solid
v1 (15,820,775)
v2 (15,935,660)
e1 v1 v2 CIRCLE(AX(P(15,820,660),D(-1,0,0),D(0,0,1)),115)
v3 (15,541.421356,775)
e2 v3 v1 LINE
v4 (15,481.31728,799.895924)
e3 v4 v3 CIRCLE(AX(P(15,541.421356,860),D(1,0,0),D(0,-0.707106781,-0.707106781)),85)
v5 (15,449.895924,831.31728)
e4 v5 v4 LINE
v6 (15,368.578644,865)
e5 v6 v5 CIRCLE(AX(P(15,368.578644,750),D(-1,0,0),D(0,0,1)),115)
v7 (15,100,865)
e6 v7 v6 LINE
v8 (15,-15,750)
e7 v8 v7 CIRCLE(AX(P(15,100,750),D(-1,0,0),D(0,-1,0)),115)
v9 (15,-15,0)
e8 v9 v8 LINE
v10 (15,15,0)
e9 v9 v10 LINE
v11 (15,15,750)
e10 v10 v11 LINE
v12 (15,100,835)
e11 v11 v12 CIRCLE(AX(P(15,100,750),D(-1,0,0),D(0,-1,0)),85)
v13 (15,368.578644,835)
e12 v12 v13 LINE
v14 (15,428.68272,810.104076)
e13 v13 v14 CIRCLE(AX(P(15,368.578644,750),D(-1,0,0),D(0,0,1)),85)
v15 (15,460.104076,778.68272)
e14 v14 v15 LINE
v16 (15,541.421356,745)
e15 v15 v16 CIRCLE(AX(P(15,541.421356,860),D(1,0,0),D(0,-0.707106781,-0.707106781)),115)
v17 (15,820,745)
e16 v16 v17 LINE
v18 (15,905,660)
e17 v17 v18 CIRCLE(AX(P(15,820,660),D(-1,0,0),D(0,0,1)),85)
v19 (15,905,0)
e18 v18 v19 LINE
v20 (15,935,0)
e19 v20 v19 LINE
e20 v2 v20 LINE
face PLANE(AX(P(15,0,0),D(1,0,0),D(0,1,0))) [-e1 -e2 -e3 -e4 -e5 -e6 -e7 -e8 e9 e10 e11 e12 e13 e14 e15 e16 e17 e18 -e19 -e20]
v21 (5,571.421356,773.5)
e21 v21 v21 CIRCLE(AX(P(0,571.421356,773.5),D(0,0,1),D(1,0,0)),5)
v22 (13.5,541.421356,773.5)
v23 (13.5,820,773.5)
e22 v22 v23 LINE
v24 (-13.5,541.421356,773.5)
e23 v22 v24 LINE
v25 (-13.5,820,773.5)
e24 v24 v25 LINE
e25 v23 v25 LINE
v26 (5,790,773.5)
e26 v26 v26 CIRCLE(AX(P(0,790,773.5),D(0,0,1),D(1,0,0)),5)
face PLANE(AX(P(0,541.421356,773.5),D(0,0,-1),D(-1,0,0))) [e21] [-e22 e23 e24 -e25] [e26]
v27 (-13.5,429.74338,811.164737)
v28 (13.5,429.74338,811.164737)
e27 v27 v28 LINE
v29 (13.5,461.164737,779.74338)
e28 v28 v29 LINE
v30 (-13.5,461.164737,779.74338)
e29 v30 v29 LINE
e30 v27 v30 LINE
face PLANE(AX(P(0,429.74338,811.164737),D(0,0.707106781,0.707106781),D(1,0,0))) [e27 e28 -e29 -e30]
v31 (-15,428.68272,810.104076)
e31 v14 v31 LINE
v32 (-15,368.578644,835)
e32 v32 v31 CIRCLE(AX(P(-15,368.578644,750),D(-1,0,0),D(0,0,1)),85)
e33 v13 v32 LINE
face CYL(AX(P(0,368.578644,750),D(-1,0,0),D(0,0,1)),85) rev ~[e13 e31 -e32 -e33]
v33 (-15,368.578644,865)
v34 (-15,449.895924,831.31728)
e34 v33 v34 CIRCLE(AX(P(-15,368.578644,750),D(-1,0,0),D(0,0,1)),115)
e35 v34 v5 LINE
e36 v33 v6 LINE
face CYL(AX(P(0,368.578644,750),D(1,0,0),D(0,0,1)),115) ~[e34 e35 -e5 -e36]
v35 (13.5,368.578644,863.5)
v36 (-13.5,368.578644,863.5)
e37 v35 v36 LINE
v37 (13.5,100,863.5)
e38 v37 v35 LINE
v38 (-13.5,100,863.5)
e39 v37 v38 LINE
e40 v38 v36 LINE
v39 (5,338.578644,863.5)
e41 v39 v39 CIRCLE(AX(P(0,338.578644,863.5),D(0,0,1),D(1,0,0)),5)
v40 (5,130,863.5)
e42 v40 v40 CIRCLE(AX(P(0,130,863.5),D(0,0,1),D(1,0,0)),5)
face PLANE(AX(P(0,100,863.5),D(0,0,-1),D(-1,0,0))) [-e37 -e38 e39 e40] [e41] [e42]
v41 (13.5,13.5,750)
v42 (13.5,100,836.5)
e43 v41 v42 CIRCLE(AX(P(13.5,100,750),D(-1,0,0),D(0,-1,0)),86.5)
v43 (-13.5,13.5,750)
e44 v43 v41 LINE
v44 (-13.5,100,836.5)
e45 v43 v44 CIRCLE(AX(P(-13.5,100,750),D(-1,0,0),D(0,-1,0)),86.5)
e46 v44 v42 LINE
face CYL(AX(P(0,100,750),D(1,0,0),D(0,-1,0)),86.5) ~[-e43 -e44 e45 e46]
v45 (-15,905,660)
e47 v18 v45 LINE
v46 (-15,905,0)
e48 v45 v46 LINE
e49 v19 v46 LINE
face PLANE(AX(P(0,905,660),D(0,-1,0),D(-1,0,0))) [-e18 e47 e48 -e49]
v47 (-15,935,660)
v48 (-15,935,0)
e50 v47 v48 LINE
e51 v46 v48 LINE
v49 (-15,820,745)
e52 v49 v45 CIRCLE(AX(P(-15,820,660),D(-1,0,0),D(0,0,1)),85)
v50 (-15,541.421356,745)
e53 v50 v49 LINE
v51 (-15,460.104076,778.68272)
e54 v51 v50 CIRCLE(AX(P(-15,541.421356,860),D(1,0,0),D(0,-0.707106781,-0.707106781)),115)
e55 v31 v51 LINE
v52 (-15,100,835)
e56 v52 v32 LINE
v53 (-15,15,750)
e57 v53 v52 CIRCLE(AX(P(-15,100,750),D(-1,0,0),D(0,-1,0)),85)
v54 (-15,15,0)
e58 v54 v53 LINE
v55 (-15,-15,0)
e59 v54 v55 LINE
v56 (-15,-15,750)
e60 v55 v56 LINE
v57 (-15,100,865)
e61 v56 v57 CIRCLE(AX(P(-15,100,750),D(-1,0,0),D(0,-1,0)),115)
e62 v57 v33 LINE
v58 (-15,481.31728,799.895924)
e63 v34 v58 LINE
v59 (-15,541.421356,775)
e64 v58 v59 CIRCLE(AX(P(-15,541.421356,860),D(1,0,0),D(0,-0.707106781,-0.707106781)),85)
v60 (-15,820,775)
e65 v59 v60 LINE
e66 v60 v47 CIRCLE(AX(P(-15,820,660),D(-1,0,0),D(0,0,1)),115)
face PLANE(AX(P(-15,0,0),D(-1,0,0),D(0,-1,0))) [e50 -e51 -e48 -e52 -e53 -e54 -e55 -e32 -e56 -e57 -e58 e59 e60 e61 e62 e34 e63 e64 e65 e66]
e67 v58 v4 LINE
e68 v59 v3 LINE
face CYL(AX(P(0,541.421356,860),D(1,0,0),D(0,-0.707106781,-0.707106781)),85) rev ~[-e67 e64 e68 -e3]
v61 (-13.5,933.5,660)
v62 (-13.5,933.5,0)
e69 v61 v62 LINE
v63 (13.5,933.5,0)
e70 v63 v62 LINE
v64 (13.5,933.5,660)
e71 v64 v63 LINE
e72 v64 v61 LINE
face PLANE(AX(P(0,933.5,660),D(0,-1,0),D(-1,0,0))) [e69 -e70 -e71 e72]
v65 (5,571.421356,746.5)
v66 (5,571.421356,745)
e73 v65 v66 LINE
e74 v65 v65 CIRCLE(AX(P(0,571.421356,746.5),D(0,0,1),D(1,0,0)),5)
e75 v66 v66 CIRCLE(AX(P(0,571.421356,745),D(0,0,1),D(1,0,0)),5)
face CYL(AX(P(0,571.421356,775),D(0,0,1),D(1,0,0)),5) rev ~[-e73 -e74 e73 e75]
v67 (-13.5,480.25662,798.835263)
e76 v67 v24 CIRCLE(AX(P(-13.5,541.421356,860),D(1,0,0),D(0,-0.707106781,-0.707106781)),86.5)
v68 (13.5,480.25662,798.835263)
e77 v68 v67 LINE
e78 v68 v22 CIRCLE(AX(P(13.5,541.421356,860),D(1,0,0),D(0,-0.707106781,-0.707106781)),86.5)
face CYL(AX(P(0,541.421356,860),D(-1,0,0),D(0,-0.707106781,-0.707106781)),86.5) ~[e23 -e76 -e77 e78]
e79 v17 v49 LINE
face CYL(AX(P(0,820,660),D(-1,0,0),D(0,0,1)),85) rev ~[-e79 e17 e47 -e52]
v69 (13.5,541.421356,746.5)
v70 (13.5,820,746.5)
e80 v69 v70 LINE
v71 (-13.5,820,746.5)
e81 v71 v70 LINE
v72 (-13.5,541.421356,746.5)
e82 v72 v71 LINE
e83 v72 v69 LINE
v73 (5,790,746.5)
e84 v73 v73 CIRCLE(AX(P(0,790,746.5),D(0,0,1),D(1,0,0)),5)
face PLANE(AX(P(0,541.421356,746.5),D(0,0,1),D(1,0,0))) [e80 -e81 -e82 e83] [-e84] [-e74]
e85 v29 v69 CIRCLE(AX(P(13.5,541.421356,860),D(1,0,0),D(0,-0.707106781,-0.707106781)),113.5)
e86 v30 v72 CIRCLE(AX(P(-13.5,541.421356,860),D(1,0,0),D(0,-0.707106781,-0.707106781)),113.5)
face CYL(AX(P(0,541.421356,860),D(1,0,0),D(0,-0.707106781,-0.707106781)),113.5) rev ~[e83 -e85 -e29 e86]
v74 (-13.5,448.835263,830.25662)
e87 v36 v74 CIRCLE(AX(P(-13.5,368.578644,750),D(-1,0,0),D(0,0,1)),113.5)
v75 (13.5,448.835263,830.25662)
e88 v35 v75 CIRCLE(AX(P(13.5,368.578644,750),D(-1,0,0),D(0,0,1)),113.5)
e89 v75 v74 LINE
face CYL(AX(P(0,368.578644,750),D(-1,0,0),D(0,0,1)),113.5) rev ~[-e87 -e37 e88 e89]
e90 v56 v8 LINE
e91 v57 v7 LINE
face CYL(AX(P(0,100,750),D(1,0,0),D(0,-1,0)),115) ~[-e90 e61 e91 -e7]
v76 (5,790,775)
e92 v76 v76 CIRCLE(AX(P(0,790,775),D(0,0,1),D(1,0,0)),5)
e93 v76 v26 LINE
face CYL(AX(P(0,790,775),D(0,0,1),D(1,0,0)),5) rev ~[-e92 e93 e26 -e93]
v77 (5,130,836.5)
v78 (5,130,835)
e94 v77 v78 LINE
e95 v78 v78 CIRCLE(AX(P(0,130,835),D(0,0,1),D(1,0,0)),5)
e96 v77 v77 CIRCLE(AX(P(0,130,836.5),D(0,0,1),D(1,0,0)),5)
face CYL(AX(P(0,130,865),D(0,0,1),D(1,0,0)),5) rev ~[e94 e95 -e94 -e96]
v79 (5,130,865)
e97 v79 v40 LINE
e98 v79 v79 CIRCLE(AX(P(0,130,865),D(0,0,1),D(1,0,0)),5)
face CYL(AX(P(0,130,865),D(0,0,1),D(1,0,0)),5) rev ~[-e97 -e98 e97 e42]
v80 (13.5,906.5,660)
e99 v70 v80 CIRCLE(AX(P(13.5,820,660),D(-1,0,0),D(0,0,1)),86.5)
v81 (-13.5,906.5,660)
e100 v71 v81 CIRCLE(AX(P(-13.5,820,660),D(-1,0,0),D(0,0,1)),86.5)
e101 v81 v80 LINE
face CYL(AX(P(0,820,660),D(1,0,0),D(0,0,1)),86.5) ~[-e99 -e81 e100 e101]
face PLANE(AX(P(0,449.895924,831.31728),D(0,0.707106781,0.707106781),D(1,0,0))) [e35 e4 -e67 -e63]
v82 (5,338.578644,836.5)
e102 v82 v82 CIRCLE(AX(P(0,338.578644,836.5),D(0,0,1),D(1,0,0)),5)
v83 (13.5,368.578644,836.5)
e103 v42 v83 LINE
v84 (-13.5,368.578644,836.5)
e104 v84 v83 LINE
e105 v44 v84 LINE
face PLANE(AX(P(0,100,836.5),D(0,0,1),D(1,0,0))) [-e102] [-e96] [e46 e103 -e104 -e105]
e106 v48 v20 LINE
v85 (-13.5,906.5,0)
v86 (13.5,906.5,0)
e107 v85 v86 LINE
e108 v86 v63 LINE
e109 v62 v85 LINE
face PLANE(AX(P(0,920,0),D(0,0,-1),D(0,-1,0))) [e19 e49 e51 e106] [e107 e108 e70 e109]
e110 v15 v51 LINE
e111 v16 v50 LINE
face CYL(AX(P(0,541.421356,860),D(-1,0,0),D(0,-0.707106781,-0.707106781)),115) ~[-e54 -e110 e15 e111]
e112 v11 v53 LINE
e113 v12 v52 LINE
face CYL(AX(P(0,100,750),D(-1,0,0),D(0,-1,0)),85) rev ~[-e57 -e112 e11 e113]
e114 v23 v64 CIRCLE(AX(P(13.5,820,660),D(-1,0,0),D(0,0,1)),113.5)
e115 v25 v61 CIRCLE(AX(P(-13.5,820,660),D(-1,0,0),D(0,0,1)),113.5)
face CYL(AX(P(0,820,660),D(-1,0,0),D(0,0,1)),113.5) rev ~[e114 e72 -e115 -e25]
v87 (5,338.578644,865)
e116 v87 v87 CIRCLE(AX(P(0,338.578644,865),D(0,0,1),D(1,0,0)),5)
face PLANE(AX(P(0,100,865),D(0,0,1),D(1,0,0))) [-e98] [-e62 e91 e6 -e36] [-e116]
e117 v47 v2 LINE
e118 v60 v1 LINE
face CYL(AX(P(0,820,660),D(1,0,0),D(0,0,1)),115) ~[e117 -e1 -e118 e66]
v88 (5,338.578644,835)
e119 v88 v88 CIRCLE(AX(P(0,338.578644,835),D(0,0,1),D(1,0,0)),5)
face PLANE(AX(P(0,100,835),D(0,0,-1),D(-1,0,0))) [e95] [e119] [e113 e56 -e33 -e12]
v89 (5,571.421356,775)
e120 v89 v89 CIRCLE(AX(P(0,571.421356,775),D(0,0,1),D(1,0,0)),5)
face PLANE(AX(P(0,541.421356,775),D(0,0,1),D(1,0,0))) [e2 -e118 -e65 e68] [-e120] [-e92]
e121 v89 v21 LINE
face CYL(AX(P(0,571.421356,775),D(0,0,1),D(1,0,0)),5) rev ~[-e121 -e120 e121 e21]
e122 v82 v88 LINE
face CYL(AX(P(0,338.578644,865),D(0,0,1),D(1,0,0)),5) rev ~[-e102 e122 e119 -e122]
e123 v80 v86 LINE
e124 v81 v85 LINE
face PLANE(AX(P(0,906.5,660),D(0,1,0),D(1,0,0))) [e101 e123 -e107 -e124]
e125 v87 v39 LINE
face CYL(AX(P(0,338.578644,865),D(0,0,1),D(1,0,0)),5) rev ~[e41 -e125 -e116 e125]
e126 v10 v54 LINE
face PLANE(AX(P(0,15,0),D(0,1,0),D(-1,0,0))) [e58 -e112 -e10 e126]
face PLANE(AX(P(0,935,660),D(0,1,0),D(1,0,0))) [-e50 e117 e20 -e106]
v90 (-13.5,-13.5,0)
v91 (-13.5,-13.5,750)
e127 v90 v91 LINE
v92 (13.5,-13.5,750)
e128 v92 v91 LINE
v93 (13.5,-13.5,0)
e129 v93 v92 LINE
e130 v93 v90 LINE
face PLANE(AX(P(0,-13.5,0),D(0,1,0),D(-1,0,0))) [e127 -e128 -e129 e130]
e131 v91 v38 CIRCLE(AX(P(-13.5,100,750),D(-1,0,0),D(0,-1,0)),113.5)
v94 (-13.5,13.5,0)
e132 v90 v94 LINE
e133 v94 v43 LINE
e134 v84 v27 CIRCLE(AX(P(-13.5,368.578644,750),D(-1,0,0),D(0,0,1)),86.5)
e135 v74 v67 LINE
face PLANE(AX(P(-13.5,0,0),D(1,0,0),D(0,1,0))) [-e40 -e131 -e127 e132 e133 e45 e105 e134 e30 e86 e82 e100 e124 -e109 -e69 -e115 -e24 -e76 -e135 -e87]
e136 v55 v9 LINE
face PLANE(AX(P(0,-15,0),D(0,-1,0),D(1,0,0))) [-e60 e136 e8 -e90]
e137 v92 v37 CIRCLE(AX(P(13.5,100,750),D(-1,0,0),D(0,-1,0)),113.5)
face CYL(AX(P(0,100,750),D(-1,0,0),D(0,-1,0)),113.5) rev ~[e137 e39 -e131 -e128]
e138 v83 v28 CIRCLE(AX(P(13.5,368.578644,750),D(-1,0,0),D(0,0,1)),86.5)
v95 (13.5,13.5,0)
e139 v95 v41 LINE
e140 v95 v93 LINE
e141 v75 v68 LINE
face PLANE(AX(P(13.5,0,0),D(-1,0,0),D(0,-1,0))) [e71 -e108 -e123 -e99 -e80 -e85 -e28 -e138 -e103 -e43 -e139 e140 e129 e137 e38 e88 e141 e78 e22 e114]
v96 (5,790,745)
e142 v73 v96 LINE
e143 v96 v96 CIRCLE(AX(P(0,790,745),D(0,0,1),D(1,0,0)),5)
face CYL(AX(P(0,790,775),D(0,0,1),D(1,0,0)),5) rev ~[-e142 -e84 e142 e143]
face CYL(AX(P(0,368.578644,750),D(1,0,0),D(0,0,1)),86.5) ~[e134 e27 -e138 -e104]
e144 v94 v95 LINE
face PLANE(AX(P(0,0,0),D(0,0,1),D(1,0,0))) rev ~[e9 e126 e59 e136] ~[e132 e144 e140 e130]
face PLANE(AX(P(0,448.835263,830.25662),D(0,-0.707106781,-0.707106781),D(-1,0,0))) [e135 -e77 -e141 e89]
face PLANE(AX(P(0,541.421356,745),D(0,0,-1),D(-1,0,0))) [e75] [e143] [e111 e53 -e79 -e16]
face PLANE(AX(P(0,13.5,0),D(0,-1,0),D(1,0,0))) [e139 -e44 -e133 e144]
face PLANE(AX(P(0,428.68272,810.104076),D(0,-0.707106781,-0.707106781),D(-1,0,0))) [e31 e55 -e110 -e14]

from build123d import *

# Parameters (mm, degrees)
F1_W     = 30
F1_H     = 30
F1_W_2   = 27
F1_H_2   = 27
F3_R     = 5
F5_DEPTH = 40
F4_R     = 5
F6_DEPTH = 40


with BuildPart() as f2:
    # F2: sweep along a path in F0
    with BuildLine(Plane.YZ) as f2_path:
        Line((0, 0), (0, 750))
        ThreePointArc((0, 750), (29.2893218813, 820.7106781187), (100, 850))
        Line((100, 850), (368.5786437627, 850))
        ThreePointArc((368.5786437627, 850), (406.8469869992, 842.3879532511), (439.2893218813, 820.7106781187))
        Line((439.2893218813, 820.7106781187), (470.7106781187, 789.2893218813))
        ThreePointArc((470.7106781187, 789.2893218813), (503.1530130008, 767.6120467489), (541.4213562373, 760))
        Line((541.4213562373, 760), (820, 760))
        ThreePointArc((820, 760), (890.7106781187, 730.7106781187), (920, 660))
        Line((920, 660), (920, 0))
    # F1 (on Top) → F2 (sweep)
    with BuildSketch(Plane.XY):
        Rectangle(F1_W, F1_H)
        Rectangle(F1_W_2, F1_H_2, mode=Mode.SUBTRACT)
    sweep(path=f2_path.line)

    # F3 (on face) → F5 (cut)
    with BuildSketch(Plane.XY.offset(865)):
        with Locations((0, 130)):
            Circle(F3_R)
        with Locations((0, 338.5786437627)):
            Circle(F3_R)
    extrude(amount=-F5_DEPTH, mode=Mode.SUBTRACT)

    # F4 (on face) → F6 (cut)
    with BuildSketch(Plane.XY.offset(775)):
        with Locations((0, 571.4213562373)):
            Circle(F4_R)
        with Locations((0, 790)):
            Circle(F4_R)
    extrude(amount=-F6_DEPTH, mode=Mode.SUBTRACT)


solid = f2.part
